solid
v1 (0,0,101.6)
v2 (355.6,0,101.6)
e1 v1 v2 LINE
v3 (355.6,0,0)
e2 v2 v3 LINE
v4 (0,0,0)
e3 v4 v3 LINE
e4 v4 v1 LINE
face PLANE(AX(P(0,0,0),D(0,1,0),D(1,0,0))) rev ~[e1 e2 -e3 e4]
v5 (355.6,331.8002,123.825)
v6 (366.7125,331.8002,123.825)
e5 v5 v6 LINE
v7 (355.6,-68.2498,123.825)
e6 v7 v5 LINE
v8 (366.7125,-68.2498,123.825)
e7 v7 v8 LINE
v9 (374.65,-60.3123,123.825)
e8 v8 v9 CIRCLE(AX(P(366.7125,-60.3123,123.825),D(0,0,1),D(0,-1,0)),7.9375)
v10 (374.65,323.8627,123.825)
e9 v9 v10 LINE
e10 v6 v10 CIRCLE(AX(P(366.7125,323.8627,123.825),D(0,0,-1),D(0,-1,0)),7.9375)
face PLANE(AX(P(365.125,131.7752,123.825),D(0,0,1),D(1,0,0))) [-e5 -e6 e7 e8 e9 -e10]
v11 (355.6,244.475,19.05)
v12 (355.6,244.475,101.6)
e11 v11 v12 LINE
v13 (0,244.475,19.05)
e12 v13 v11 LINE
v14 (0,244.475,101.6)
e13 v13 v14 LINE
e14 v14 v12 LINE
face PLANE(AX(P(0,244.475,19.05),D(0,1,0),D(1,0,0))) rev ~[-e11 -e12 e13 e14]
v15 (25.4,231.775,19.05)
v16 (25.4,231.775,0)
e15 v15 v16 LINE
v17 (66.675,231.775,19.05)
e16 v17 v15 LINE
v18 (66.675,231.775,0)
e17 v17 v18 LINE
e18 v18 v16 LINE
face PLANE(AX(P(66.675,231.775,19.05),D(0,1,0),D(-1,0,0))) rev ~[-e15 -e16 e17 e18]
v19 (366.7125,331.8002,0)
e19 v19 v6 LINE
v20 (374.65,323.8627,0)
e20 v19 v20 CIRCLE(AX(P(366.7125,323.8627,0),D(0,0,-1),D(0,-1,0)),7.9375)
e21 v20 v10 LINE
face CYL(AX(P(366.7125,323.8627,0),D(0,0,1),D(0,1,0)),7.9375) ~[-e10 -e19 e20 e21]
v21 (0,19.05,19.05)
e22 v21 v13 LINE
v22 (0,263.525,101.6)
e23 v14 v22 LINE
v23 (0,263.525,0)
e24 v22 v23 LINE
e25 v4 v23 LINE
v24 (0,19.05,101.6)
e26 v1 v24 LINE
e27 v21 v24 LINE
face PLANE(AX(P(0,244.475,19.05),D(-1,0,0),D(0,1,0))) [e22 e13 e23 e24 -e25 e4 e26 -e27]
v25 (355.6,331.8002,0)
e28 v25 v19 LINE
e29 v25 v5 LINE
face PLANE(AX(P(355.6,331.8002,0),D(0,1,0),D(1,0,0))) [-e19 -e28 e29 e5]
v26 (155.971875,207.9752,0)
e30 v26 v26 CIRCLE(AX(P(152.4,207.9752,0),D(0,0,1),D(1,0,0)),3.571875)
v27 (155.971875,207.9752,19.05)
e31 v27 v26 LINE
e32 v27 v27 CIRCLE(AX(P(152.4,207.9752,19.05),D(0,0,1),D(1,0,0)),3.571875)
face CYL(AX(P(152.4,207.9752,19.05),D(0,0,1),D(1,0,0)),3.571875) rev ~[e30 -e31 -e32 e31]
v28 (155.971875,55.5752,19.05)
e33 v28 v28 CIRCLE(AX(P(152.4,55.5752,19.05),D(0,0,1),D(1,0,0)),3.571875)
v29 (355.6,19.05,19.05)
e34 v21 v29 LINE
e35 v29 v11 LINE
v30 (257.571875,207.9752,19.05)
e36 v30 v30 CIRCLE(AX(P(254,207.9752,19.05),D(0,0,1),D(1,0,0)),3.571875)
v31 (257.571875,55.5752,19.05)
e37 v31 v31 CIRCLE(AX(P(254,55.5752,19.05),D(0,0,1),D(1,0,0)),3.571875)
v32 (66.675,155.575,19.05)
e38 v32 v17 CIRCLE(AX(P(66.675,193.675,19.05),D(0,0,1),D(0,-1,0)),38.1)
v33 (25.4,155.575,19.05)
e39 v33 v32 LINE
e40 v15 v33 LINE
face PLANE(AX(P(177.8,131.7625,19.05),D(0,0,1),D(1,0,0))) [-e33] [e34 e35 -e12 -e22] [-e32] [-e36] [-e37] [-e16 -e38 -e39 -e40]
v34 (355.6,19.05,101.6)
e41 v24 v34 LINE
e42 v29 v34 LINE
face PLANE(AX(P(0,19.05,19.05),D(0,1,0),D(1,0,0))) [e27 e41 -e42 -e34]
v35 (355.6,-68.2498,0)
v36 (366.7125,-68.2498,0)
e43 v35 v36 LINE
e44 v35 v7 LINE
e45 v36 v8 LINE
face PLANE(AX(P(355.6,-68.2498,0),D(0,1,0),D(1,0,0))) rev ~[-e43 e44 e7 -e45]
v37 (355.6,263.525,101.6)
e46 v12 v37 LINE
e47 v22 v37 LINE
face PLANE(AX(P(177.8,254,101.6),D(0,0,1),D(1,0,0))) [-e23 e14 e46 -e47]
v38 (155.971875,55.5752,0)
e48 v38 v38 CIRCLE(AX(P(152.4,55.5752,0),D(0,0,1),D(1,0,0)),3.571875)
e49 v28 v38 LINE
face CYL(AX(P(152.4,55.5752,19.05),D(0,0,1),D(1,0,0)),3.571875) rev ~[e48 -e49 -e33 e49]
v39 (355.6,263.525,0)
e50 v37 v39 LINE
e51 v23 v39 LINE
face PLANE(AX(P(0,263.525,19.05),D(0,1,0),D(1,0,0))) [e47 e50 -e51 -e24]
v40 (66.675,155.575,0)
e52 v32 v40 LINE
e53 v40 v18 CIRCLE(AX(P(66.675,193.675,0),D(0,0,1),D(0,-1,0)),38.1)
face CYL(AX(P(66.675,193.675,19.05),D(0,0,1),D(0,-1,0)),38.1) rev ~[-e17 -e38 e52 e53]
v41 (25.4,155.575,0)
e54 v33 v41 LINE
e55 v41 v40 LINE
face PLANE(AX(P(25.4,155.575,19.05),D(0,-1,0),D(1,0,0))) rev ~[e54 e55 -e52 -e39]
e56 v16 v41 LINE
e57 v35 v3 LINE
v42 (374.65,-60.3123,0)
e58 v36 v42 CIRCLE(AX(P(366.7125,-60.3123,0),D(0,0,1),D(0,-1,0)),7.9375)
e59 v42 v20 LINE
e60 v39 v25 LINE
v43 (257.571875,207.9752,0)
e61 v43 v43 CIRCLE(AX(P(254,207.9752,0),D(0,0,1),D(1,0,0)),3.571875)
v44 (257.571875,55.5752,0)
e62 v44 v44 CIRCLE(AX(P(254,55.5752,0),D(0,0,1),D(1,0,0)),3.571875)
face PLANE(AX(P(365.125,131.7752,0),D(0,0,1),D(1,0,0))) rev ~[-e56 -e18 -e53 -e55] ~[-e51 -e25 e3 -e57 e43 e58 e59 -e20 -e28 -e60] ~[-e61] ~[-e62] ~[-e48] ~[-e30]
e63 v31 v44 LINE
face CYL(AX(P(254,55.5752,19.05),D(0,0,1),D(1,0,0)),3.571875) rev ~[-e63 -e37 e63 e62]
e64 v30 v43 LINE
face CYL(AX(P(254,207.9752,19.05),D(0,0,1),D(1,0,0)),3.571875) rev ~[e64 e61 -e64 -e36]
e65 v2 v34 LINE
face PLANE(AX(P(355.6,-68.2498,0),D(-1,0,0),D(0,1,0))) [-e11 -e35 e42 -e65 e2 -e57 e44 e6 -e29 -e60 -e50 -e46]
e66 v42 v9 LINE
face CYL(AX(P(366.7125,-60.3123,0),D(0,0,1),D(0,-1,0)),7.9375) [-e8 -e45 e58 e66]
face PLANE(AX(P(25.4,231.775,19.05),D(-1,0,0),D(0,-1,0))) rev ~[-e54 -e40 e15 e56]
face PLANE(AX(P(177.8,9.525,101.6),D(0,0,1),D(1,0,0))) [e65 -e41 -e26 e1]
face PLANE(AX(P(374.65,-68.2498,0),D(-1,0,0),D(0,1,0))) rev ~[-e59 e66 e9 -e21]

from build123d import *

# Parameters (mm, degrees)
F0_W      = 355.6
F0_H      = 263.525
F1_DEPTH  = 19.05
F2_W      = 355.6
F2_H      = 19.05
F3_DEPTH  = 82.55
F4_W      = 19.05
F4_H      = 400.05
F5_DEPTH  = 123.825
F6_R      = 7.9375
F8_DEPTH  = 25.4
F9_R      = 3.571875
F10_DEPTH = 25.4


with BuildPart() as f1:
    # F0 (on Top) → F1 (new body)
    with BuildSketch(Plane.XY):
        with Locations((177.8, 131.7625)):
            Rectangle(F0_W, F0_H)
    extrude(amount=F1_DEPTH)

    # F2 (on face) → F3 (join)
    with BuildSketch(Plane.XY.offset(19.05)):
        with Locations((177.8, 254)):
            Rectangle(F2_W, F2_H)
        with Locations((177.8, 9.525)):
            Rectangle(F2_W, F2_H)
    extrude(amount=F3_DEPTH)

    # F4 (on Top) → F5 (join)
    with BuildSketch(Plane.XY):
        with Locations((365.125, 131.7752)):
            Rectangle(F4_W, F4_H)
    extrude(amount=F5_DEPTH)

    # F6
    f6_edges = [f1.edges().sort_by_distance(p)[0] for p in [
        (374.65, 331.8002, 61.9125),
        (374.65, -68.2498, 61.9125),
    ]]
    fillet(f6_edges, radius=F6_R)

    # F7 (on face) → F8 (cut)
    with BuildSketch(Plane.XY.offset(19.05)):
        with BuildLine():
            Line((66.675, 231.775), (25.4, 231.775))
            Line((25.4, 231.775), (25.4, 155.575))
            Line((25.4, 155.575), (66.675, 155.575))
            ThreePointArc((66.675, 155.575), (104.775, 193.675), (66.675, 231.775))
        make_face()
    extrude(amount=-F8_DEPTH, mode=Mode.SUBTRACT)

    # F9 (on face) → F10 (cut)
    with BuildSketch(Plane.XY.offset(19.05)):
        with Locations((152.4, 207.9752)):
            Circle(F9_R)
        with Locations((152.4, 55.5752)):
            Circle(F9_R)
        with Locations((254, 207.9752)):
            Circle(F9_R)
        with Locations((254, 55.5752)):
            Circle(F9_R)
    extrude(amount=-F10_DEPTH, mode=Mode.SUBTRACT)


solid = f1.part
